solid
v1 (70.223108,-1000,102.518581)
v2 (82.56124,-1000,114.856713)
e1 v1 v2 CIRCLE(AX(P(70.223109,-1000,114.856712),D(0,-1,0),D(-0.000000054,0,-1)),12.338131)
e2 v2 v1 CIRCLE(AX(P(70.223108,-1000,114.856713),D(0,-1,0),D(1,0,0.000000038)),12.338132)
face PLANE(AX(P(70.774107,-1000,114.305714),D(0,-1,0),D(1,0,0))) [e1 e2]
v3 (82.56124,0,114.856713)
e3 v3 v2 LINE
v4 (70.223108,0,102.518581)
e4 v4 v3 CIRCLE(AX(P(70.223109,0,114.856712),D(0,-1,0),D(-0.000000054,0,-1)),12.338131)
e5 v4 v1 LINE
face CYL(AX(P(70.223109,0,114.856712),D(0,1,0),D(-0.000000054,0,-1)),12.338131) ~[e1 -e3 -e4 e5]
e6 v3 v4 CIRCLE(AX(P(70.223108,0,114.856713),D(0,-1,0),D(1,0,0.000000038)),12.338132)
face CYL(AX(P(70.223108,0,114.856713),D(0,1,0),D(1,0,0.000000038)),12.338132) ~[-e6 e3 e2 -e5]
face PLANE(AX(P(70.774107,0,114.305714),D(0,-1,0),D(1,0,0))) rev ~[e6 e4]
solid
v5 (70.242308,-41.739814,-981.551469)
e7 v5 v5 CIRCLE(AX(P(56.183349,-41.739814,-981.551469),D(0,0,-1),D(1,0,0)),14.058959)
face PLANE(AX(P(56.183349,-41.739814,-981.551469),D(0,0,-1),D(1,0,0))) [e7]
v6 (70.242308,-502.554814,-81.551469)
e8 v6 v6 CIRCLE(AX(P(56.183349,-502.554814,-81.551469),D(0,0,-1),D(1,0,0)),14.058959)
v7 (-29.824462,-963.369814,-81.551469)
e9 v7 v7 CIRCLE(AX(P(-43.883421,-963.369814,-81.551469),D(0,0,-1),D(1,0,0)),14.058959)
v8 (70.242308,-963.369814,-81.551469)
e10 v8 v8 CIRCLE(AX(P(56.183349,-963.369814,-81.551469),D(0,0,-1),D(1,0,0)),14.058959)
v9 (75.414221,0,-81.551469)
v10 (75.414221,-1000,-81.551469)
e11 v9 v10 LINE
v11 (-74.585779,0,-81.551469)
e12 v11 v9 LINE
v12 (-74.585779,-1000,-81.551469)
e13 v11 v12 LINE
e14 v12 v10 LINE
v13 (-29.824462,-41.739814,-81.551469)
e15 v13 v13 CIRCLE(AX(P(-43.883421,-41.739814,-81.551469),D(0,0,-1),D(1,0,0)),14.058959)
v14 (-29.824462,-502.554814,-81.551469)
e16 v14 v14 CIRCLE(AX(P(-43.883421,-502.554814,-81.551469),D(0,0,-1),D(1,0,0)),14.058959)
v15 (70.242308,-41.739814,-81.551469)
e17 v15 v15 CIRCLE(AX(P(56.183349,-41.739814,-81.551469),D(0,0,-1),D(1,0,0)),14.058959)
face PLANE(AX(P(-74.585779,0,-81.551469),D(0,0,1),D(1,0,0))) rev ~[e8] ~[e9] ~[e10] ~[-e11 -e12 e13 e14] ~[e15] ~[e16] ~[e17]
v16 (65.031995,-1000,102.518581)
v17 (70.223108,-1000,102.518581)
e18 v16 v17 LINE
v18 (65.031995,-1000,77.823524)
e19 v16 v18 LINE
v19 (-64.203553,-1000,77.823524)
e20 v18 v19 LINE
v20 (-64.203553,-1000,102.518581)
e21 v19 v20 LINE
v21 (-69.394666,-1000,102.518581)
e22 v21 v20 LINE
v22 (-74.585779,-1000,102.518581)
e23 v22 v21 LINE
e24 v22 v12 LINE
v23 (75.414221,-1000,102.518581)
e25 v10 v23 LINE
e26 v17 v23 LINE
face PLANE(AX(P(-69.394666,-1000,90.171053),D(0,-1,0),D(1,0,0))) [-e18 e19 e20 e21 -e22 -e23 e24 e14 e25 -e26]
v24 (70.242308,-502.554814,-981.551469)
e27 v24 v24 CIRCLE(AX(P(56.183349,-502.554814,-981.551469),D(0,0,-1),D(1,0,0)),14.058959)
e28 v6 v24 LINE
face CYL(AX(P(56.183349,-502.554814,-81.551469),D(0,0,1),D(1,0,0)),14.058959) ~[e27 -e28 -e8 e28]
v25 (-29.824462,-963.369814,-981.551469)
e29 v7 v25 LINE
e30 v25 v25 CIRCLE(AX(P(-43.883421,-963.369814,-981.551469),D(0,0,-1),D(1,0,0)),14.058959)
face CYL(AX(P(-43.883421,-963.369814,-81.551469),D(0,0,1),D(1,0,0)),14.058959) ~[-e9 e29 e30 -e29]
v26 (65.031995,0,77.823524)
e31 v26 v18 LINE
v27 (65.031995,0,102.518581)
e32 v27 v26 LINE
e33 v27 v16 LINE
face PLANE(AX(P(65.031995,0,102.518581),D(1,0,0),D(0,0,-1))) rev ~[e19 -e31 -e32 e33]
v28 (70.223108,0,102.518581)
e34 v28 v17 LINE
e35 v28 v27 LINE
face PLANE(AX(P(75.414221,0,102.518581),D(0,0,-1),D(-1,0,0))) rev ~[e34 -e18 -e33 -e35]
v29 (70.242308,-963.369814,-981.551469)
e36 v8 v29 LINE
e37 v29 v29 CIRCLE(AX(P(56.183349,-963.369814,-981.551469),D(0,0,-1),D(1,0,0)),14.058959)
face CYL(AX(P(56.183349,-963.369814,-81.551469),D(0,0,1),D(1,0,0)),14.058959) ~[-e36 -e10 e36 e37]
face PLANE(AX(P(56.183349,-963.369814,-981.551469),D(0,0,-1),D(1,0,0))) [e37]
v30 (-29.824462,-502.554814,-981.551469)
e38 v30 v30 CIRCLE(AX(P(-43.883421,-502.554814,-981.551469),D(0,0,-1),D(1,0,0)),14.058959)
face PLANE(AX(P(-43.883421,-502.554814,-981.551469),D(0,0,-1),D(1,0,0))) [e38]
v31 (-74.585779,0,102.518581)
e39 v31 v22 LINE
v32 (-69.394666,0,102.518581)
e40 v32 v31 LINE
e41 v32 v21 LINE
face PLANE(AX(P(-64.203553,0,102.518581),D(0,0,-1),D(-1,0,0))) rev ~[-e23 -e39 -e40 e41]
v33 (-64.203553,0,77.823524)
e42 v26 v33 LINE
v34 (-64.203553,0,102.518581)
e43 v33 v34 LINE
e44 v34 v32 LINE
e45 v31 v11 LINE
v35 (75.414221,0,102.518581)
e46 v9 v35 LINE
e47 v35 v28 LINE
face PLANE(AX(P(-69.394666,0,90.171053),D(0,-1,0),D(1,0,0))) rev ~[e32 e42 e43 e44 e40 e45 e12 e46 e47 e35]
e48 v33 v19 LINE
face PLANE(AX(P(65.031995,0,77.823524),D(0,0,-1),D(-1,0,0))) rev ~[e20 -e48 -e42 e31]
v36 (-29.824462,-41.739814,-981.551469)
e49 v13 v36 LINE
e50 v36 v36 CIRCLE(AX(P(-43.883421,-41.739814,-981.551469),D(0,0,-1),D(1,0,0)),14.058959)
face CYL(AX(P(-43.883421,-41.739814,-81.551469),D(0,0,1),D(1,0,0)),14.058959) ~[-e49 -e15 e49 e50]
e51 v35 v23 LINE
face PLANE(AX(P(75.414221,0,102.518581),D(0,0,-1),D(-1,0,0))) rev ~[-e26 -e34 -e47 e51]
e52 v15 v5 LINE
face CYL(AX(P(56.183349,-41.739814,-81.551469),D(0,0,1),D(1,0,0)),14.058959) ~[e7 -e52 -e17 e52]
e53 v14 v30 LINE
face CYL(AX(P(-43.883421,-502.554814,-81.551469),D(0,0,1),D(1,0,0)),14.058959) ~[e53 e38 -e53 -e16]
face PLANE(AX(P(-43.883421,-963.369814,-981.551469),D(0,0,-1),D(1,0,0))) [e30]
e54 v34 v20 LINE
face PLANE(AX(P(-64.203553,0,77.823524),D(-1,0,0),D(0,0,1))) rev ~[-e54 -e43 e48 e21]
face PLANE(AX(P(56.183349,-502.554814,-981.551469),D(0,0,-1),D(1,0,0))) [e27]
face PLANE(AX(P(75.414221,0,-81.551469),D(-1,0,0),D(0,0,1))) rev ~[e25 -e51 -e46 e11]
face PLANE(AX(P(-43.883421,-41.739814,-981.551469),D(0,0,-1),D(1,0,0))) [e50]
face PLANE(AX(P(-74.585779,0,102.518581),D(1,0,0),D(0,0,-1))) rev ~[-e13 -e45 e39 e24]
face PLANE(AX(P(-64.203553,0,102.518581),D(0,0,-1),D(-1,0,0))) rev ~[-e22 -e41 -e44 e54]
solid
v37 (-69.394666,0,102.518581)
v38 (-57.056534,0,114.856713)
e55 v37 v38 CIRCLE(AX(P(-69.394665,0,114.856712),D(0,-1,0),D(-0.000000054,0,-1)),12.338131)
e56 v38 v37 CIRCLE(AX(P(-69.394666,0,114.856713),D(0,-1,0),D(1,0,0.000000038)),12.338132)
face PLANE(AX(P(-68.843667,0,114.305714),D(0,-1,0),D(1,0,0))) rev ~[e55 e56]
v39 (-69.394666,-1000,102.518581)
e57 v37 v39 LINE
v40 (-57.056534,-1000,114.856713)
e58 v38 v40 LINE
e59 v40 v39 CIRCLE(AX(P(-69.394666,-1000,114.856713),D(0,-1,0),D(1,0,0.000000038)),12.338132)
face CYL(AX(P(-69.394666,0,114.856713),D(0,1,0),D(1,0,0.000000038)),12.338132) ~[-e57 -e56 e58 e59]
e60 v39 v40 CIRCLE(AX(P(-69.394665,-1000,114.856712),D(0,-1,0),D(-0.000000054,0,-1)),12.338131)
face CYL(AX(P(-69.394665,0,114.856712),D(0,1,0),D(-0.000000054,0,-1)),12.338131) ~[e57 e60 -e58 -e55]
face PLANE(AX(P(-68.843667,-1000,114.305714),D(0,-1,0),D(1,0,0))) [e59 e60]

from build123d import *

# Parameters (mm, degrees)
F1_DEPTH = 1000
F2_R     = 14.058959
F3_DEPTH = 900


with BuildPart() as f1:
    # F0 (on Front) → F1 (new body)
    with BuildSketch(Plane.XZ):
        Polygon((-74.585779, 102.518581), (-74.585779, 77.823524), (-64.203553, 77.823524), (-64.203553, 102.518581), (-69.394666, 102.518581), align=None)
        Polygon((-64.203553, 77.823524), (-74.585779, 77.823524), (-74.585779, -81.551469), (75.414221, -81.551469), (75.414221, 77.823524), (65.031995, 77.823524), align=None)
        with BuildLine():
            ThreePointArc((-57.056534, 114.856713), (-78.119042, 123.581089), (-69.394666, 102.518581))
            ThreePointArc((-69.394666, 102.518581), (-60.670289, 106.132336), (-57.056534, 114.856713))
        make_face()
        with BuildLine():
            ThreePointArc((82.56124, 114.856713), (61.498732, 123.581089), (70.223108, 102.518581))
            ThreePointArc((70.223108, 102.518581), (78.947485, 106.132336), (82.56124, 114.856713))
        make_face()
        Polygon((65.031995, 102.518581), (65.031995, 77.823524), (75.414221, 77.823524), (75.414221, 102.518581), (70.223108, 102.518581), align=None)
    extrude(amount=F1_DEPTH)

    # F2 (on face) → F3 (join)
    with BuildSketch(Plane(origin=(0, 0, -81.551469), x_dir=(1, 0, 0), z_dir=(0, 0, -1))):
        with Locations((56.183349, 41.739814)):
            Circle(F2_R)
        with Locations((56.183349, 502.554814)):
            Circle(F2_R)
        with Locations((56.183349, 963.369814)):
            Circle(F2_R)
        with Locations((-43.883421, 41.739814)):
            Circle(F2_R)
        with Locations((-43.883421, 502.554814)):
            Circle(F2_R)
        with Locations((-43.883421, 963.369814)):
            Circle(F2_R)
    extrude(amount=F3_DEPTH)


solid = f1.part
